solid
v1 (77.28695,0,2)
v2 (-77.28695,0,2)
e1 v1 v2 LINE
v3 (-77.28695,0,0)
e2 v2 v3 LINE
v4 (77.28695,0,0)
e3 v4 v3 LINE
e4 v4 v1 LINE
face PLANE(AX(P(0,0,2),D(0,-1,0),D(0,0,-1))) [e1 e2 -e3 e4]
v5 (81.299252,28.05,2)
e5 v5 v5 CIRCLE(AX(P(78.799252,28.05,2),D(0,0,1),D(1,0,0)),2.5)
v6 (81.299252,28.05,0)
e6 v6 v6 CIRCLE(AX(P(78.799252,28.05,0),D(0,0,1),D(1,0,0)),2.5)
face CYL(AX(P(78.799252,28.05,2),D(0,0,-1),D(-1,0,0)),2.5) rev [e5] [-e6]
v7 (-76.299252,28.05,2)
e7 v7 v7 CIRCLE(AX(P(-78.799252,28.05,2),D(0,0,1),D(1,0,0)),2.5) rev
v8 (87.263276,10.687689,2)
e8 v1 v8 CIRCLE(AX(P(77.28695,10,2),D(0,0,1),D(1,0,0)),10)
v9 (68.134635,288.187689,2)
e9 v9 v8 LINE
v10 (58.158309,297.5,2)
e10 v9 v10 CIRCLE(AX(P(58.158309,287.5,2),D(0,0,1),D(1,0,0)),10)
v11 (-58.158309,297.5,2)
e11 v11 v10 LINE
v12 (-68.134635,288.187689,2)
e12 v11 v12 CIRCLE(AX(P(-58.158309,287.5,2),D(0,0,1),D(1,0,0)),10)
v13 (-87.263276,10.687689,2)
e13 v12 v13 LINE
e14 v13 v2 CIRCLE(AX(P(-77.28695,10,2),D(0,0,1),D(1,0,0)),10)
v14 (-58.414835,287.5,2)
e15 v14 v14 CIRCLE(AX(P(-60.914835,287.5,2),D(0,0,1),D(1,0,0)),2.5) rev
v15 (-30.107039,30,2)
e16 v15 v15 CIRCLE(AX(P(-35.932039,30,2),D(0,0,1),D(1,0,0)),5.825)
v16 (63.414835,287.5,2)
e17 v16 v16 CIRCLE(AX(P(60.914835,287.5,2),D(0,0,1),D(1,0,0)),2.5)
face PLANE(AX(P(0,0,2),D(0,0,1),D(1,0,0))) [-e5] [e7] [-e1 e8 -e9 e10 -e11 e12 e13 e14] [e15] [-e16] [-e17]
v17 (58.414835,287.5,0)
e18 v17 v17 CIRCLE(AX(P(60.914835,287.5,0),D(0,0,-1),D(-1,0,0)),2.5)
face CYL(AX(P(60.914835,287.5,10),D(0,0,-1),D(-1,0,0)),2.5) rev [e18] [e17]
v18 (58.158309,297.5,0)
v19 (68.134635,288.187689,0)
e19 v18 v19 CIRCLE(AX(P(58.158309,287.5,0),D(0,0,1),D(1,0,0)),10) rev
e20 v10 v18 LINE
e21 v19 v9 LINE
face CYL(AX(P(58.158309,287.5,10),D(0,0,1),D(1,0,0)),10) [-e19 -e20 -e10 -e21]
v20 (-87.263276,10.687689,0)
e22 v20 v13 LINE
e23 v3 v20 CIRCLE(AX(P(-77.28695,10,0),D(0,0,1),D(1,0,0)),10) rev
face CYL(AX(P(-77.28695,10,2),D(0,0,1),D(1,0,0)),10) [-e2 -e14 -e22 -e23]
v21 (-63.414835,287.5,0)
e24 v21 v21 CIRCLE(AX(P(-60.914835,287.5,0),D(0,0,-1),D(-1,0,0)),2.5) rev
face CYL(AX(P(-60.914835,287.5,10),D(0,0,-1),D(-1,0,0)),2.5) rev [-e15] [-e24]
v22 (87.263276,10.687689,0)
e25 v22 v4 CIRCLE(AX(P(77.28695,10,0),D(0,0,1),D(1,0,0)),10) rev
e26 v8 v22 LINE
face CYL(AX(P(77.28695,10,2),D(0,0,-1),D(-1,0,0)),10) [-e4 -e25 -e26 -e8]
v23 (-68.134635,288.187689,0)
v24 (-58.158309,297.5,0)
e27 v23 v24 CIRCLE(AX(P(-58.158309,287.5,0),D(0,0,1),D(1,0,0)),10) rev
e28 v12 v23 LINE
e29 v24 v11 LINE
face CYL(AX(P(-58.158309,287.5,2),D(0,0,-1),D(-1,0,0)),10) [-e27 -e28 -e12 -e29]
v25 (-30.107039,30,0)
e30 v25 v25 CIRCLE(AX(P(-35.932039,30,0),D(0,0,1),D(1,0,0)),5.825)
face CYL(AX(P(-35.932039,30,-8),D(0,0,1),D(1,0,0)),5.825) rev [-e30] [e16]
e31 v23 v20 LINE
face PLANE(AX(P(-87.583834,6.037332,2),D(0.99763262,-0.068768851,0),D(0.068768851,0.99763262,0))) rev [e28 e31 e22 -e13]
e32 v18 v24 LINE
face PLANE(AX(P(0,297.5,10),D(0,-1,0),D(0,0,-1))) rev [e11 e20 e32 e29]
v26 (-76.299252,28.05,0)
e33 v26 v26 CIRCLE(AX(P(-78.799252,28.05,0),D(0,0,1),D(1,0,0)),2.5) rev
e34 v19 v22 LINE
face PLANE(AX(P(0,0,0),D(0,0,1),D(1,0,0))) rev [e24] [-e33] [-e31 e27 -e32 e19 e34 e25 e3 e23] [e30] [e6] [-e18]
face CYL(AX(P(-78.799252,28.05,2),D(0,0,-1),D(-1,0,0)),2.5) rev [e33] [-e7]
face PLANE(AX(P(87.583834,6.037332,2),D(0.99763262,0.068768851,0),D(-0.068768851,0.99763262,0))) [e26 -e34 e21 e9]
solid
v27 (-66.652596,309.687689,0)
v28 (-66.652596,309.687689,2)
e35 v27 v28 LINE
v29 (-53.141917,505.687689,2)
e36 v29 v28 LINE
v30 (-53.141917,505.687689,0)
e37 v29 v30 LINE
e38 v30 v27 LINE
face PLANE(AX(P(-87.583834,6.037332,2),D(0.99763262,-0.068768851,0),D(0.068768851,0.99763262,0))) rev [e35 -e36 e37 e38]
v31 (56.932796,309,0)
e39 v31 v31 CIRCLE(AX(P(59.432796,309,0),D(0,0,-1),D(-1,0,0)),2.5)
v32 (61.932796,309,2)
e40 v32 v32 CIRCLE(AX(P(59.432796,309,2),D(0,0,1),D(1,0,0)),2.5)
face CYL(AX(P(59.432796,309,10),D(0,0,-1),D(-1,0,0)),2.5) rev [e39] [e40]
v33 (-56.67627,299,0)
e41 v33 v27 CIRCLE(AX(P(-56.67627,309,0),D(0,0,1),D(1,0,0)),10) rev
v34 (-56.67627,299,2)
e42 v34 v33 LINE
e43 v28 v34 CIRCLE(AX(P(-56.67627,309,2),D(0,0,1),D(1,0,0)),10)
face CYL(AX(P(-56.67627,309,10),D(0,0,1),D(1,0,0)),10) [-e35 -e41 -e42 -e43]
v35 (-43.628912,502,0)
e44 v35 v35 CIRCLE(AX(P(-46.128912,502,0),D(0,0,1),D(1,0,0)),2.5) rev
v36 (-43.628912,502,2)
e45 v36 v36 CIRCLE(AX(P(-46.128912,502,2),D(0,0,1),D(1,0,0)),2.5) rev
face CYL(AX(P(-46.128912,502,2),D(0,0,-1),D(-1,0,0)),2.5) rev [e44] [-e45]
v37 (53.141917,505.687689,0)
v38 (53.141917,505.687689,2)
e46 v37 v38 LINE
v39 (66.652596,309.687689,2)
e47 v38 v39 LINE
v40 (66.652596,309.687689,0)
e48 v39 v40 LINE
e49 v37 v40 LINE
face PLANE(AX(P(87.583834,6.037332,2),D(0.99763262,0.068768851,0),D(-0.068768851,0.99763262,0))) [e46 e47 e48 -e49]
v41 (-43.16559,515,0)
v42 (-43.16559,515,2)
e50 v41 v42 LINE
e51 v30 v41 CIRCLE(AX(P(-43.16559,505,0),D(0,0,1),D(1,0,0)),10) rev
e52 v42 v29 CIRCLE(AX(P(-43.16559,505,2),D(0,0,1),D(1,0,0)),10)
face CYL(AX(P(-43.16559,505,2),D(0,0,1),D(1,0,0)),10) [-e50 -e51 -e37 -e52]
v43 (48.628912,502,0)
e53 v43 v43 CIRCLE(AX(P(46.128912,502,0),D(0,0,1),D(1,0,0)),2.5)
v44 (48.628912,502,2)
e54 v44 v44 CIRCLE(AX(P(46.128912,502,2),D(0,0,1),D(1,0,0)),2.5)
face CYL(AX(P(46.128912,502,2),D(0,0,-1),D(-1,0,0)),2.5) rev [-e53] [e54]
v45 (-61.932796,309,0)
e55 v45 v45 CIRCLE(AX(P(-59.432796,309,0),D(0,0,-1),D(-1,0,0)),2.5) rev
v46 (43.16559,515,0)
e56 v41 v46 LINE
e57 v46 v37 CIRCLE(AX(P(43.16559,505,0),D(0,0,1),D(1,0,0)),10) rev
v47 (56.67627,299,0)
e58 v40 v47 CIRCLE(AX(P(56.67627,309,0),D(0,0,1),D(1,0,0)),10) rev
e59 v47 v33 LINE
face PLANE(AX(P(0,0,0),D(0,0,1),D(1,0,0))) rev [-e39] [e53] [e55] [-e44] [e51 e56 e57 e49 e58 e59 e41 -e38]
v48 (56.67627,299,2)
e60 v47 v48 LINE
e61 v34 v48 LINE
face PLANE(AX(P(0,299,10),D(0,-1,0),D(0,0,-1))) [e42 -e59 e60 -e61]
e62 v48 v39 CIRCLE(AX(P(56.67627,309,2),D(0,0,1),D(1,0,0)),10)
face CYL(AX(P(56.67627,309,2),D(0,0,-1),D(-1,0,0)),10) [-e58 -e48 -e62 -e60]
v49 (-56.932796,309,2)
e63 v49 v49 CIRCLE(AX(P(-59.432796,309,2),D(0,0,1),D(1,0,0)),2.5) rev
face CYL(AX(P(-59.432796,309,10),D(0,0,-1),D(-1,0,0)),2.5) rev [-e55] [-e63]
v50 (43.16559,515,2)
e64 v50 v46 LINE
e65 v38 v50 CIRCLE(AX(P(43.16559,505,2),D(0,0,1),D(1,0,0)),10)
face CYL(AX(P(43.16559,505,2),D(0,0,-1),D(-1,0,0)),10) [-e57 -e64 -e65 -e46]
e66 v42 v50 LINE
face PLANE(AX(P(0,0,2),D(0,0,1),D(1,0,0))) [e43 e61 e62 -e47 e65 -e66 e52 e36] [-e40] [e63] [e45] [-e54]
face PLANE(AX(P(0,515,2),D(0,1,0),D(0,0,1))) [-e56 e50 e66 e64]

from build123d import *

# Parameters (mm, degrees)
SKETCH1_R           = 2.5
BOSS_EXTRUDE1_DEPTH = 2
FILLET1_R           = 10
SKETCH6_R           = 2.5
CUT_EXTRUDE5_DEPTH  = 10
FILLET3_R           = 10
FILLET4_R           = 10
SKETCH11_3_R        = 5.825
CUT_EXTRUDE11_DEPTH = 10


with BuildPart() as part:
    # Sketch1 → Boss-Extrude1 (new body)
    with BuildSketch(Plane.XY):
        Polygon((-88, 0), (88, 0), (52.5, 515), (-52.5, 515), align=None)
        with Locations((-78.799252079, 28.05)):
            Circle(SKETCH1_R, mode=Mode.SUBTRACT)
        with Locations((-46.128912273, 502)):
            Circle(SKETCH1_R, mode=Mode.SUBTRACT)
        with Locations((46.128912273, 502)):
            Circle(SKETCH1_R, mode=Mode.SUBTRACT)
        with Locations((78.799252079, 28.05)):
            Circle(SKETCH1_R, mode=Mode.SUBTRACT)
    extrude(amount=BOSS_EXTRUDE1_DEPTH)

    # Fillet1
    fillet1_edges = [part.edges().sort_by_distance(p)[0] for p in [
        (-88, 0, 1),
        (88, 0, 1),
        (52.5, 515, 1),
        (-52.5, 515, 1),
    ]]
    fillet(fillet1_edges, radius=FILLET1_R)

    # Sketch6 → Cut-Extrude5 (cut)
    with BuildSketch(Plane(origin=(0, 0, 0), x_dir=(-1, 0, 0), z_dir=(0, 0, -1))):
        Polygon((67.389320388, 299), (-67.389320388, 299), (-67.492718447, 297.5), (67.492718447, 297.5), align=None)
        with Locations((-60.914834604, 287.5)):
            Circle(SKETCH6_R)
        with Locations((-59.432795769, 309)):
            Circle(SKETCH6_R)
        with Locations((59.432795769, 309)):
            Circle(SKETCH6_R)
        with Locations((60.914834604, 287.5)):
            Circle(SKETCH6_R)
    extrude(amount=-CUT_EXTRUDE5_DEPTH, mode=Mode.SUBTRACT)


with BuildPart() as cut_extrude5_piece_1:
    # of the separate pieces the step leaves, piece 1, a body of its own (cut_extrude5_pieces)
    add(part.part.solids().sort_by_distance((-77.286949637, 0, 0))[0])

    # Fillet3
    fillet3_edges = [cut_extrude5_piece_1.edges().sort_by_distance(p)[0] for p in [
        (-67.492718447, 297.5, 1),
        (67.492718447, 297.5, 1),
    ]]
    fillet(fillet3_edges, radius=FILLET3_R)

    # Sketch11<3> → Cut-Extrude11 (cut)
    with BuildSketch(Plane.XY.offset(2)):
        with Locations((-35.932038835, 30)):
            Circle(SKETCH11_3_R)
    extrude(amount=-CUT_EXTRUDE11_DEPTH, mode=Mode.SUBTRACT)


with BuildPart() as cut_extrude5_piece_2:
    # of the separate pieces the step leaves, piece 2, a body of its own (cut_extrude5_pieces)
    add(part.part.solids().sort_by_distance((-53.141916618, 505.687688505, 0))[0])

    # Fillet4
    fillet4_edges = [cut_extrude5_piece_2.edges().sort_by_distance(p)[0] for p in [
        (-67.389320388, 299, 1),
        (67.389320388, 299, 1),
    ]]
    fillet(fillet4_edges, radius=FILLET4_R)


solid = Compound([cut_extrude5_piece_1.part, cut_extrude5_piece_2.part])
